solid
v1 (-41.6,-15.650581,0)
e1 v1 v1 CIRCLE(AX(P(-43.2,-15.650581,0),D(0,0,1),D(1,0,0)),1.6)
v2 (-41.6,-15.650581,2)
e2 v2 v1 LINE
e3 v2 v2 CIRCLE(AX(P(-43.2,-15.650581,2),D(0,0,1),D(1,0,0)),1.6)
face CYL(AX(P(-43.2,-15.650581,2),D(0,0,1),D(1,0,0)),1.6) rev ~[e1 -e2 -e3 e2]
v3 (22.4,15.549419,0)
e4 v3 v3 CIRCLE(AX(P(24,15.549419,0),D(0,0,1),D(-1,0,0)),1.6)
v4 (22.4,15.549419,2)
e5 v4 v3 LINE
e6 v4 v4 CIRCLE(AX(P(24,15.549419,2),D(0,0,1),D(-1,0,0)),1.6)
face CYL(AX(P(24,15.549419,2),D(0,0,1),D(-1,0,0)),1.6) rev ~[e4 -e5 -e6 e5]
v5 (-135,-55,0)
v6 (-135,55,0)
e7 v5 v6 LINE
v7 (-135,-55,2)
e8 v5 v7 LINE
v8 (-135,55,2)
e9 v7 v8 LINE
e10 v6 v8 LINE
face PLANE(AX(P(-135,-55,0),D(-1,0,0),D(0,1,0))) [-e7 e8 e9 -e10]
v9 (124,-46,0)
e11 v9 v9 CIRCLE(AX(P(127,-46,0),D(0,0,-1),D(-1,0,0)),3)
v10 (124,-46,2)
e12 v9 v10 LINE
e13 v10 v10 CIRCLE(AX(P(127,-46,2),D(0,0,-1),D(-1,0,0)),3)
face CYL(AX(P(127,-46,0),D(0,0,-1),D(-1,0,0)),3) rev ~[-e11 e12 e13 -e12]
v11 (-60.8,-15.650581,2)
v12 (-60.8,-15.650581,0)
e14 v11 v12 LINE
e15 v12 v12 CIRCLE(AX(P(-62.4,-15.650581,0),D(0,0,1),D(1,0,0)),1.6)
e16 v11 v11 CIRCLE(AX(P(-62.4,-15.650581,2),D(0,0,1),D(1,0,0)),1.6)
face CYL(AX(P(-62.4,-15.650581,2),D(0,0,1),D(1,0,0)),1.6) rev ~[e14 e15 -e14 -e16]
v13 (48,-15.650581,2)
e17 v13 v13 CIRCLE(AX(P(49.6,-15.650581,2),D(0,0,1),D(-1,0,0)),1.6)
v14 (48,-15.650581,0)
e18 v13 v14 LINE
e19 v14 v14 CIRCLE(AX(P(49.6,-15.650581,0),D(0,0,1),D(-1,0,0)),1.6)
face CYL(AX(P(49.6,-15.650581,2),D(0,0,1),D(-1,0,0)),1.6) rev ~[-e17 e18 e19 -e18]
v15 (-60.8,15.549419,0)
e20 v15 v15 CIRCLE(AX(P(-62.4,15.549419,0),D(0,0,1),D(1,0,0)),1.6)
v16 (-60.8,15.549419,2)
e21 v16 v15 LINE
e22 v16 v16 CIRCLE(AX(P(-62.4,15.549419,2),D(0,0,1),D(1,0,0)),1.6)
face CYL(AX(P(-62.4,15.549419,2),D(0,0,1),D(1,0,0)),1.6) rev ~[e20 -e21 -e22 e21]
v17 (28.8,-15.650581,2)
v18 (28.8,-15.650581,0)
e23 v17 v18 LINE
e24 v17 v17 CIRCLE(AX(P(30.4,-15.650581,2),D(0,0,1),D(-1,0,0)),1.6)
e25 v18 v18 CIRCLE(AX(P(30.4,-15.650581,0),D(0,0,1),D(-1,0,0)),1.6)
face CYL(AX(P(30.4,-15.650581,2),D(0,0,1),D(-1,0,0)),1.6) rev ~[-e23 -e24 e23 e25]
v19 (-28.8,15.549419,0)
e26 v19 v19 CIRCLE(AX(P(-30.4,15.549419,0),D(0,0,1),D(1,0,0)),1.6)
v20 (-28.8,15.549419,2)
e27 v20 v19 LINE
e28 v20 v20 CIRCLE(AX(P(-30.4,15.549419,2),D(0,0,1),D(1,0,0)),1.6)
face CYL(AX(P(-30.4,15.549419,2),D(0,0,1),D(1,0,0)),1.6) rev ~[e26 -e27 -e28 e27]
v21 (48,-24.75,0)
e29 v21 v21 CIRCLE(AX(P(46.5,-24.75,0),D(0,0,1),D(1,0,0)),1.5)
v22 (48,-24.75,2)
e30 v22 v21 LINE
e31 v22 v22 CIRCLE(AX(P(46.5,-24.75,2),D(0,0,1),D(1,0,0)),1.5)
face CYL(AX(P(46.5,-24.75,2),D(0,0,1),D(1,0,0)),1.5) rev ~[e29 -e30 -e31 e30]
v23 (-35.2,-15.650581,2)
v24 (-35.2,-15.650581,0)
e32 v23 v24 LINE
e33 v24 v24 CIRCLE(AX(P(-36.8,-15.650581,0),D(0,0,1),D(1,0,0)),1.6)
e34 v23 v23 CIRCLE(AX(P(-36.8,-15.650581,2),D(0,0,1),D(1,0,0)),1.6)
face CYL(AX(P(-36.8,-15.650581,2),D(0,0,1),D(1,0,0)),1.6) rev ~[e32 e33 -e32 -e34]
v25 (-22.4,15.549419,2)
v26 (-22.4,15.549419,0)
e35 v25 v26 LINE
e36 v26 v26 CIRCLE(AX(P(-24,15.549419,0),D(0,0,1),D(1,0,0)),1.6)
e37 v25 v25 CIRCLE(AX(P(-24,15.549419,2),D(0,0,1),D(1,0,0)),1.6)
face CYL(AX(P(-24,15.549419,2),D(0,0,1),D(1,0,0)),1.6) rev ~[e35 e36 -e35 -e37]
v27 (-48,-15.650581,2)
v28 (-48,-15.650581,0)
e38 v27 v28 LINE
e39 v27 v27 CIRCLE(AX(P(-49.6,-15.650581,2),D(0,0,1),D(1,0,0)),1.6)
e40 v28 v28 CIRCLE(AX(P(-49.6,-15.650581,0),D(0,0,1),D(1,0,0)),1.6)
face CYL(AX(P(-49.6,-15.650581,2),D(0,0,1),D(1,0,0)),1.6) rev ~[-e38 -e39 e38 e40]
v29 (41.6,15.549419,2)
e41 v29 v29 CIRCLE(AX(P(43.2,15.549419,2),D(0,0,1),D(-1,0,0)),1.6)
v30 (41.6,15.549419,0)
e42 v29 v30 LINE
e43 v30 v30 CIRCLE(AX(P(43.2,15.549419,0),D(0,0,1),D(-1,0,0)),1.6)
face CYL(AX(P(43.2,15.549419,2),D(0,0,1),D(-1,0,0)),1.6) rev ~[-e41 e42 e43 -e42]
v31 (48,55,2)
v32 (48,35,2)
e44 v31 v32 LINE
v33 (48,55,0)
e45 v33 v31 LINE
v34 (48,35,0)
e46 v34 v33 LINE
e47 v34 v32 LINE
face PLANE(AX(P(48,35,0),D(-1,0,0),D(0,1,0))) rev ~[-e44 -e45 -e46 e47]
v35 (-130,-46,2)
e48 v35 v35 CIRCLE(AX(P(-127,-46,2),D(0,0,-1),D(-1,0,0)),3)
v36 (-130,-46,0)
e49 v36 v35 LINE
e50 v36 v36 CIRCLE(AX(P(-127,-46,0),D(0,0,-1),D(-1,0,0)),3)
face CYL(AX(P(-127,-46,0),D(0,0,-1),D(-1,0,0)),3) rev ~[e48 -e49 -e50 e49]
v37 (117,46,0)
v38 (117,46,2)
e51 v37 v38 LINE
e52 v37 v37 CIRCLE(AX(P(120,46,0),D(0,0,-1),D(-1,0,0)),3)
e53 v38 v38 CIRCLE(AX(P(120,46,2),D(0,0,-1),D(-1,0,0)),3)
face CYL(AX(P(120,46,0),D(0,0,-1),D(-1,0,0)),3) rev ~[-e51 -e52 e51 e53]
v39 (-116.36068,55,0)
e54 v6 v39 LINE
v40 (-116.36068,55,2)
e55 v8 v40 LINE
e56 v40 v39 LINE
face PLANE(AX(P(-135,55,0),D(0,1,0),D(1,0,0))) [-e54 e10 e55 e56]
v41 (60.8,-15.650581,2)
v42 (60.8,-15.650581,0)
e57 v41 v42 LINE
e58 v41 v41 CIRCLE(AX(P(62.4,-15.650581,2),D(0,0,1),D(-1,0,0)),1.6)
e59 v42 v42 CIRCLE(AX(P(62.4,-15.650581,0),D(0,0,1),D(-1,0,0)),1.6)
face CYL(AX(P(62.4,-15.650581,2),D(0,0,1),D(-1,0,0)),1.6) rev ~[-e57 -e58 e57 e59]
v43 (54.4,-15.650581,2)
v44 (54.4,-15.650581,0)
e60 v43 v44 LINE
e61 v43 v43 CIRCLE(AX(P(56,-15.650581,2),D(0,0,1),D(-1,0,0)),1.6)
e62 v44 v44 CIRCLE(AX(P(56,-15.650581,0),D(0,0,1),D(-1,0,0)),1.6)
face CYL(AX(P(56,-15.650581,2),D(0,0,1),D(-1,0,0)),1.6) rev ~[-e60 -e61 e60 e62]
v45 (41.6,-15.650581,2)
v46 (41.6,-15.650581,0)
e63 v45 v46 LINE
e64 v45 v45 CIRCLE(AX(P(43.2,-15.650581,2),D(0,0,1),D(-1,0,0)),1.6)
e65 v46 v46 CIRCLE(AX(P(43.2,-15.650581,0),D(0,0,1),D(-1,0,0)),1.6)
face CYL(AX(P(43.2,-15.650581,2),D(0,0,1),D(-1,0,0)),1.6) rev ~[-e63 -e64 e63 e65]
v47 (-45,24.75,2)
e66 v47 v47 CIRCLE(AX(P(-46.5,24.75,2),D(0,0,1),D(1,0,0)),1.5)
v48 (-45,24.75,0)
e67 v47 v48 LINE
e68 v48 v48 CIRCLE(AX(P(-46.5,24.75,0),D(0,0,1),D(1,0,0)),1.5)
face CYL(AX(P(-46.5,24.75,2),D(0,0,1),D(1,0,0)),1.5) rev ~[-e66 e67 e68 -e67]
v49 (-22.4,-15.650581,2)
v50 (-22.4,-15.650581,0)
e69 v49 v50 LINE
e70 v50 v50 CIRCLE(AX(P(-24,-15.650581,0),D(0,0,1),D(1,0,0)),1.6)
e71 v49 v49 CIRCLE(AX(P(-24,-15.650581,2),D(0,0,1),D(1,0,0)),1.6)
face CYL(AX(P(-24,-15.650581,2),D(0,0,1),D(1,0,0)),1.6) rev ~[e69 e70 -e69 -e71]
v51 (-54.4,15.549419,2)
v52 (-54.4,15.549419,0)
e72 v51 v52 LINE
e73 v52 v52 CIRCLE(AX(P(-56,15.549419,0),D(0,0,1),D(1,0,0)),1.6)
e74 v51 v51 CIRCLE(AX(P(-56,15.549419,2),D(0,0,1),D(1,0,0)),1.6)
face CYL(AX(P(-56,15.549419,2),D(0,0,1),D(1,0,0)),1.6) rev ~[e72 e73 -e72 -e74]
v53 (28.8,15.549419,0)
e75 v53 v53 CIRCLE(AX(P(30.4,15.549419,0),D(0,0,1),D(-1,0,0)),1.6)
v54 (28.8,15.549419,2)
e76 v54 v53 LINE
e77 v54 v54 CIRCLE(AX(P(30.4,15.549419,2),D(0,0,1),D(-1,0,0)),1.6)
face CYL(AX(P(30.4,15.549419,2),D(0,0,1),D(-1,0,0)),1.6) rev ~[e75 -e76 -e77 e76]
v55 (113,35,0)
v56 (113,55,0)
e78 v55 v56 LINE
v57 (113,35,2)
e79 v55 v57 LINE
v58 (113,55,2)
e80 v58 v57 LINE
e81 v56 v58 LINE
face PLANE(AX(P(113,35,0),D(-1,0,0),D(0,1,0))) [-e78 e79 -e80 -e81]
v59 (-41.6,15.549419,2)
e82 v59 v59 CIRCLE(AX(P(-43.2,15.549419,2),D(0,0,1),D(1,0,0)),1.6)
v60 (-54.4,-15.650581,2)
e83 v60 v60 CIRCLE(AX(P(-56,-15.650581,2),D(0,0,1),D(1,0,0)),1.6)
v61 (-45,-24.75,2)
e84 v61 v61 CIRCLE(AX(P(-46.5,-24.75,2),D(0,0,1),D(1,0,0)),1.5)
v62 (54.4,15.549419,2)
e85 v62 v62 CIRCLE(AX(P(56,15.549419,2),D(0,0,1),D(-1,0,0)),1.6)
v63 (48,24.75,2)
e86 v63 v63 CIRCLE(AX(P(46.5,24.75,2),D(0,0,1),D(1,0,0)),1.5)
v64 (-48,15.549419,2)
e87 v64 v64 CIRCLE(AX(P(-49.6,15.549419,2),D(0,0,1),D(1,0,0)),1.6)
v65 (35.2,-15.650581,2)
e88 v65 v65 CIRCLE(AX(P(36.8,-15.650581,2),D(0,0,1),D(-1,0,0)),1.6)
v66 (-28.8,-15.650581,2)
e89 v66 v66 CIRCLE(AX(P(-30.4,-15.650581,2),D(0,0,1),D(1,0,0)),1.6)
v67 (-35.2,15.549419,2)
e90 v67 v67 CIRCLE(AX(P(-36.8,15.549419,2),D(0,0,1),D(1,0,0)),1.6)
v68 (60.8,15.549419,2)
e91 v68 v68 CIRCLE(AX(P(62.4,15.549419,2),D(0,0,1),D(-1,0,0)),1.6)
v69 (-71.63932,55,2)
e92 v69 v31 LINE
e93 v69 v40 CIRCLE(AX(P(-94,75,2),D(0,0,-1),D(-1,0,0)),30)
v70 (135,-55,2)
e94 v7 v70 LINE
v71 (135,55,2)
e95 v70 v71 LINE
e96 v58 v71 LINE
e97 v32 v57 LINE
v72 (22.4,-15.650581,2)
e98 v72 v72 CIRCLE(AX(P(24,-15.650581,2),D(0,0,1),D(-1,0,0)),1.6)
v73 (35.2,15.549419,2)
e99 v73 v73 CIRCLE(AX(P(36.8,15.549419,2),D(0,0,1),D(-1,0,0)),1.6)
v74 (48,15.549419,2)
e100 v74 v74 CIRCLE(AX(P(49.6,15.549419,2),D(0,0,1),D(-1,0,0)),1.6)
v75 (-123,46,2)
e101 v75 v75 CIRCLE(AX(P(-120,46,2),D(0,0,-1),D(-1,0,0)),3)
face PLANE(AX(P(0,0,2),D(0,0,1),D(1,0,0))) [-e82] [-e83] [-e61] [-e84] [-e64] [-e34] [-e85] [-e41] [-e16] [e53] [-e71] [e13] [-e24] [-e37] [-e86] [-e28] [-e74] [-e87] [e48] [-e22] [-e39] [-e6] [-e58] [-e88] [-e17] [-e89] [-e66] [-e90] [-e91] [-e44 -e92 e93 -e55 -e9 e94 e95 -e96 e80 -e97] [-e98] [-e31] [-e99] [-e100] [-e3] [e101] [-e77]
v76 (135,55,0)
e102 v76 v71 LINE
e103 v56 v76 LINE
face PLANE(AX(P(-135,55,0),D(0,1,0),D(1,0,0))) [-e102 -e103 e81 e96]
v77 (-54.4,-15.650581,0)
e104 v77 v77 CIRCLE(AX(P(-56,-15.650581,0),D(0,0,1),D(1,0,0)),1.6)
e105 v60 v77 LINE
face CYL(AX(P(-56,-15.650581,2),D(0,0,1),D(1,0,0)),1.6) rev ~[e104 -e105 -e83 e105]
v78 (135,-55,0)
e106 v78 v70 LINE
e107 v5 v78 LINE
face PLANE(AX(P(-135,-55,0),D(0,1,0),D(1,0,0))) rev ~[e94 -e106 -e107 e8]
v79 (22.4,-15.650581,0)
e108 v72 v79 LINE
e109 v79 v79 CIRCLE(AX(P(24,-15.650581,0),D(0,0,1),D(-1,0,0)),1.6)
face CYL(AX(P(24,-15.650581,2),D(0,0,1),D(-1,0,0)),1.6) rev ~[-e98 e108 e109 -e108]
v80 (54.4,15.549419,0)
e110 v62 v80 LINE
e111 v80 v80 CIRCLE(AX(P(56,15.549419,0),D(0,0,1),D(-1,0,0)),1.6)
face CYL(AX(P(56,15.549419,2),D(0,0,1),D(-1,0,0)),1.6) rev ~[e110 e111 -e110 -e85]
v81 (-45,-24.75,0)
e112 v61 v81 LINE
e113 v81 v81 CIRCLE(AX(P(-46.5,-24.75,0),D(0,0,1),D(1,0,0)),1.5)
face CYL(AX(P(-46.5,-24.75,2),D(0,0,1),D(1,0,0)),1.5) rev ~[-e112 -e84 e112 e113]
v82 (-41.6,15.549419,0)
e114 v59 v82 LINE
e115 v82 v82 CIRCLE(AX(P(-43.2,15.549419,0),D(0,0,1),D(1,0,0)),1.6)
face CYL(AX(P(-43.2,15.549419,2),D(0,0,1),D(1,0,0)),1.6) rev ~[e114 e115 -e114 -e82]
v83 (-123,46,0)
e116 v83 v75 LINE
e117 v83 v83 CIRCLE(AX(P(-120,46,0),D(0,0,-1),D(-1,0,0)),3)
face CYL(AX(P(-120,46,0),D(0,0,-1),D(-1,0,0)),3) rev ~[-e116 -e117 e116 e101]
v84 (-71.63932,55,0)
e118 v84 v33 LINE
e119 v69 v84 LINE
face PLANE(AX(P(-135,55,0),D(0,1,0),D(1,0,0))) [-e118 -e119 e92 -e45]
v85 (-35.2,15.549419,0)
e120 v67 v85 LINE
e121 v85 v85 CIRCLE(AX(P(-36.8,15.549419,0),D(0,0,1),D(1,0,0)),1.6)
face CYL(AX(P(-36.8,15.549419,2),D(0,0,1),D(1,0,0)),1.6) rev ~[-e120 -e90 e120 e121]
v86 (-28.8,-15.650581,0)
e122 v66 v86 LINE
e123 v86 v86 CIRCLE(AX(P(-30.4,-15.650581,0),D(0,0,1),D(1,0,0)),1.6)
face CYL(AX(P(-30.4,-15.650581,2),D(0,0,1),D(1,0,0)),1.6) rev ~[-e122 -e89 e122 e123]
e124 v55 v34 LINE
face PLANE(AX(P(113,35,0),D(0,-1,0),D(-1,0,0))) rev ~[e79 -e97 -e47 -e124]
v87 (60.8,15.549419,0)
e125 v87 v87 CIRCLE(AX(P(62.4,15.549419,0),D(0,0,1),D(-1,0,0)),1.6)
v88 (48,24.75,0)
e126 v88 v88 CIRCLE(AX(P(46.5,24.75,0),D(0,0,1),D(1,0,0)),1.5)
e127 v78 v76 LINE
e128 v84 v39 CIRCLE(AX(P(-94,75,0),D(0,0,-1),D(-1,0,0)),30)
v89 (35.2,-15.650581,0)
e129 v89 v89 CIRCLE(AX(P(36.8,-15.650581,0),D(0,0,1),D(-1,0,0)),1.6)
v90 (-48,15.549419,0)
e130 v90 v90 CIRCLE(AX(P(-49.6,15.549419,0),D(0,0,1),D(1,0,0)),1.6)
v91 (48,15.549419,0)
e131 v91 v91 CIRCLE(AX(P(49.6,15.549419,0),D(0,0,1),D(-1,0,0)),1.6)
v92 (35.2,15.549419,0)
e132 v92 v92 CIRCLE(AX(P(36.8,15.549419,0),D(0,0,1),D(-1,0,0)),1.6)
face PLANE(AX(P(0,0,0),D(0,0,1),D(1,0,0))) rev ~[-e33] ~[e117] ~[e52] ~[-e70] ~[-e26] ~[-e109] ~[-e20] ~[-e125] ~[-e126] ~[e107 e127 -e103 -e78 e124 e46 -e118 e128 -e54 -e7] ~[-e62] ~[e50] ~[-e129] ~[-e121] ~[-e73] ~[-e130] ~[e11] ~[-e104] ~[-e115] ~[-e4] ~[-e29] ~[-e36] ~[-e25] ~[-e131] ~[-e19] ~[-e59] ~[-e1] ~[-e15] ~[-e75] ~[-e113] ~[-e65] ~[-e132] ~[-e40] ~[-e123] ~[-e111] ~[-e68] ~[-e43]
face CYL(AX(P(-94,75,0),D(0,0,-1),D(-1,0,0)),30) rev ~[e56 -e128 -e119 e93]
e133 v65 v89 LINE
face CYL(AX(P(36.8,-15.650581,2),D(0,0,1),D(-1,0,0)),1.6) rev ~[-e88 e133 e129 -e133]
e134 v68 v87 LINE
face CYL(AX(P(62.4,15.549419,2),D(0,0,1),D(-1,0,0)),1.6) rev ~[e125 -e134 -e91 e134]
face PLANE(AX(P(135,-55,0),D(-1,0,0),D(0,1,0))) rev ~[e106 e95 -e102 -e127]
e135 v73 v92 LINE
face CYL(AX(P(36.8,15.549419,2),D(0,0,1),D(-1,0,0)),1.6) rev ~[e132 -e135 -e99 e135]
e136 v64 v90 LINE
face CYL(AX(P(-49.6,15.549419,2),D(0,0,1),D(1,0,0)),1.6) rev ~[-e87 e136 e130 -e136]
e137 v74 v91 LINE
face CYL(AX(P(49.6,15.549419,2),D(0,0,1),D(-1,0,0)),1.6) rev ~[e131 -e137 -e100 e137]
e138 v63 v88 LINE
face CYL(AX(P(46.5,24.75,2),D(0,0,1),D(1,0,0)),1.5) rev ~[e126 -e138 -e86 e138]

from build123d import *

# Parameters (mm, degrees)
SKETCH1_W           = 270
SKETCH1_H           = 110
BOSS_EXTRUDE1_DEPTH = 2
SKETCH5_R           = 1.5
CUT_EXTRUDE3_DEPTH  = 146.787516612
SKETCH6_R           = 1.6
CUT_EXTRUDE4_DEPTH  = 146.787516612
SKETCH7_R           = 3
CUT_EXTRUDE5_DEPTH  = 10
SKETCH8_R           = 30
SKETCH8_W           = 65
SKETCH8_H           = 20
CUT_EXTRUDE6_DEPTH  = 10


with BuildPart() as part:
    # Sketch1 → Boss-Extrude1 (new body)
    with BuildSketch(Plane.XY):
        Rectangle(SKETCH1_W, SKETCH1_H)
    extrude(amount=BOSS_EXTRUDE1_DEPTH)

    # Sketch5 → Cut-Extrude3 (cut, through all)
    with BuildSketch(Plane.XY.offset(2)):
        with Locations((-46.5, 24.75)):
            Circle(SKETCH5_R)
        with Locations((46.5, 24.75)):
            Circle(SKETCH5_R)
        with Locations((46.5, -24.75)):
            Circle(SKETCH5_R)
        with Locations((-46.5, -24.75)):
            Circle(SKETCH5_R)
    extrude(amount=-CUT_EXTRUDE3_DEPTH, mode=Mode.SUBTRACT)

    # Sketch6 → Cut-Extrude4 (cut, through all)
    with BuildSketch(Plane.XY.offset(2)):
        with Locations((-24, 15.549418684)):
            Circle(SKETCH6_R)
        with Locations((-30.4, 15.549418684)):
            Circle(SKETCH6_R)
        with Locations((-36.8, 15.549418684)):
            Circle(SKETCH6_R)
        with Locations((-43.2, 15.549418684)):
            Circle(SKETCH6_R)
        with Locations((-49.6, 15.549418684)):
            Circle(SKETCH6_R)
        with Locations((-56, 15.549418684)):
            Circle(SKETCH6_R)
        with Locations((-62.4, 15.549418684)):
            Circle(SKETCH6_R)
        with Locations((-62.4, -15.650581316)):
            Circle(SKETCH6_R)
        with Locations((-56, -15.650581316)):
            Circle(SKETCH6_R)
        with Locations((-49.6, -15.650581316)):
            Circle(SKETCH6_R)
        with Locations((-43.2, -15.650581316)):
            Circle(SKETCH6_R)
        with Locations((-36.8, -15.650581316)):
            Circle(SKETCH6_R)
        with Locations((-30.4, -15.650581316)):
            Circle(SKETCH6_R)
        with Locations((-24, -15.650581316)):
            Circle(SKETCH6_R)
        with Locations(Location((24, -15.650581316, 0), (0, 0, 180))):
            Circle(SKETCH6_R)
        with Locations(Location((30.4, -15.650581316, 0), (0, 0, 180))):
            Circle(SKETCH6_R)
        with Locations(Location((36.8, -15.650581316, 0), (0, 0, 180))):
            Circle(SKETCH6_R)
        with Locations(Location((43.2, -15.650581316, 0), (0, 0, 180))):
            Circle(SKETCH6_R)
        with Locations(Location((49.6, -15.650581316, 0), (0, 0, 180))):
            Circle(SKETCH6_R)
        with Locations(Location((56, -15.650581316, 0), (0, 0, 180))):
            Circle(SKETCH6_R)
        with Locations(Location((62.4, -15.650581316, 0), (0, 0, 180))):
            Circle(SKETCH6_R)
        with Locations(Location((62.4, 15.549418684, 0), (0, 0, 180))):
            Circle(SKETCH6_R)
        with Locations(Location((56, 15.549418684, 0), (0, 0, 180))):
            Circle(SKETCH6_R)
        with Locations(Location((49.6, 15.549418684, 0), (0, 0, 180))):
            Circle(SKETCH6_R)
        with Locations(Location((43.2, 15.549418684, 0), (0, 0, 180))):
            Circle(SKETCH6_R)
        with Locations(Location((36.8, 15.549418684, 0), (0, 0, 180))):
            Circle(SKETCH6_R)
        with Locations(Location((30.4, 15.549418684, 0), (0, 0, 180))):
            Circle(SKETCH6_R)
        with Locations(Location((24, 15.549418684, 0), (0, 0, 180))):
            Circle(SKETCH6_R)
    extrude(amount=-CUT_EXTRUDE4_DEPTH, mode=Mode.SUBTRACT)

    # Sketch7 → Cut-Extrude5 (cut)
    with BuildSketch(Plane(origin=(0, 0, 0), x_dir=(-1, 0, 0), z_dir=(0, 0, -1))):
        with Locations((-120, 46)):
            Circle(SKETCH7_R)
        with Locations((127, -46)):
            Circle(SKETCH7_R)
        with Locations((120, 46)):
            Circle(SKETCH7_R)
        with Locations((-127, -46)):
            Circle(SKETCH7_R)
    extrude(amount=-CUT_EXTRUDE5_DEPTH, mode=Mode.SUBTRACT)

    # Sketch8 → Cut-Extrude6 (cut)
    with BuildSketch(Plane(origin=(0, 0, 0), x_dir=(-1, 0, 0), z_dir=(0, 0, -1))):
        with Locations((94, 75)):
            Circle(SKETCH8_R)
        with Locations((-80.5, 45)):
            Rectangle(SKETCH8_W, SKETCH8_H)
    extrude(amount=-CUT_EXTRUDE6_DEPTH, mode=Mode.SUBTRACT)


solid = part.part
